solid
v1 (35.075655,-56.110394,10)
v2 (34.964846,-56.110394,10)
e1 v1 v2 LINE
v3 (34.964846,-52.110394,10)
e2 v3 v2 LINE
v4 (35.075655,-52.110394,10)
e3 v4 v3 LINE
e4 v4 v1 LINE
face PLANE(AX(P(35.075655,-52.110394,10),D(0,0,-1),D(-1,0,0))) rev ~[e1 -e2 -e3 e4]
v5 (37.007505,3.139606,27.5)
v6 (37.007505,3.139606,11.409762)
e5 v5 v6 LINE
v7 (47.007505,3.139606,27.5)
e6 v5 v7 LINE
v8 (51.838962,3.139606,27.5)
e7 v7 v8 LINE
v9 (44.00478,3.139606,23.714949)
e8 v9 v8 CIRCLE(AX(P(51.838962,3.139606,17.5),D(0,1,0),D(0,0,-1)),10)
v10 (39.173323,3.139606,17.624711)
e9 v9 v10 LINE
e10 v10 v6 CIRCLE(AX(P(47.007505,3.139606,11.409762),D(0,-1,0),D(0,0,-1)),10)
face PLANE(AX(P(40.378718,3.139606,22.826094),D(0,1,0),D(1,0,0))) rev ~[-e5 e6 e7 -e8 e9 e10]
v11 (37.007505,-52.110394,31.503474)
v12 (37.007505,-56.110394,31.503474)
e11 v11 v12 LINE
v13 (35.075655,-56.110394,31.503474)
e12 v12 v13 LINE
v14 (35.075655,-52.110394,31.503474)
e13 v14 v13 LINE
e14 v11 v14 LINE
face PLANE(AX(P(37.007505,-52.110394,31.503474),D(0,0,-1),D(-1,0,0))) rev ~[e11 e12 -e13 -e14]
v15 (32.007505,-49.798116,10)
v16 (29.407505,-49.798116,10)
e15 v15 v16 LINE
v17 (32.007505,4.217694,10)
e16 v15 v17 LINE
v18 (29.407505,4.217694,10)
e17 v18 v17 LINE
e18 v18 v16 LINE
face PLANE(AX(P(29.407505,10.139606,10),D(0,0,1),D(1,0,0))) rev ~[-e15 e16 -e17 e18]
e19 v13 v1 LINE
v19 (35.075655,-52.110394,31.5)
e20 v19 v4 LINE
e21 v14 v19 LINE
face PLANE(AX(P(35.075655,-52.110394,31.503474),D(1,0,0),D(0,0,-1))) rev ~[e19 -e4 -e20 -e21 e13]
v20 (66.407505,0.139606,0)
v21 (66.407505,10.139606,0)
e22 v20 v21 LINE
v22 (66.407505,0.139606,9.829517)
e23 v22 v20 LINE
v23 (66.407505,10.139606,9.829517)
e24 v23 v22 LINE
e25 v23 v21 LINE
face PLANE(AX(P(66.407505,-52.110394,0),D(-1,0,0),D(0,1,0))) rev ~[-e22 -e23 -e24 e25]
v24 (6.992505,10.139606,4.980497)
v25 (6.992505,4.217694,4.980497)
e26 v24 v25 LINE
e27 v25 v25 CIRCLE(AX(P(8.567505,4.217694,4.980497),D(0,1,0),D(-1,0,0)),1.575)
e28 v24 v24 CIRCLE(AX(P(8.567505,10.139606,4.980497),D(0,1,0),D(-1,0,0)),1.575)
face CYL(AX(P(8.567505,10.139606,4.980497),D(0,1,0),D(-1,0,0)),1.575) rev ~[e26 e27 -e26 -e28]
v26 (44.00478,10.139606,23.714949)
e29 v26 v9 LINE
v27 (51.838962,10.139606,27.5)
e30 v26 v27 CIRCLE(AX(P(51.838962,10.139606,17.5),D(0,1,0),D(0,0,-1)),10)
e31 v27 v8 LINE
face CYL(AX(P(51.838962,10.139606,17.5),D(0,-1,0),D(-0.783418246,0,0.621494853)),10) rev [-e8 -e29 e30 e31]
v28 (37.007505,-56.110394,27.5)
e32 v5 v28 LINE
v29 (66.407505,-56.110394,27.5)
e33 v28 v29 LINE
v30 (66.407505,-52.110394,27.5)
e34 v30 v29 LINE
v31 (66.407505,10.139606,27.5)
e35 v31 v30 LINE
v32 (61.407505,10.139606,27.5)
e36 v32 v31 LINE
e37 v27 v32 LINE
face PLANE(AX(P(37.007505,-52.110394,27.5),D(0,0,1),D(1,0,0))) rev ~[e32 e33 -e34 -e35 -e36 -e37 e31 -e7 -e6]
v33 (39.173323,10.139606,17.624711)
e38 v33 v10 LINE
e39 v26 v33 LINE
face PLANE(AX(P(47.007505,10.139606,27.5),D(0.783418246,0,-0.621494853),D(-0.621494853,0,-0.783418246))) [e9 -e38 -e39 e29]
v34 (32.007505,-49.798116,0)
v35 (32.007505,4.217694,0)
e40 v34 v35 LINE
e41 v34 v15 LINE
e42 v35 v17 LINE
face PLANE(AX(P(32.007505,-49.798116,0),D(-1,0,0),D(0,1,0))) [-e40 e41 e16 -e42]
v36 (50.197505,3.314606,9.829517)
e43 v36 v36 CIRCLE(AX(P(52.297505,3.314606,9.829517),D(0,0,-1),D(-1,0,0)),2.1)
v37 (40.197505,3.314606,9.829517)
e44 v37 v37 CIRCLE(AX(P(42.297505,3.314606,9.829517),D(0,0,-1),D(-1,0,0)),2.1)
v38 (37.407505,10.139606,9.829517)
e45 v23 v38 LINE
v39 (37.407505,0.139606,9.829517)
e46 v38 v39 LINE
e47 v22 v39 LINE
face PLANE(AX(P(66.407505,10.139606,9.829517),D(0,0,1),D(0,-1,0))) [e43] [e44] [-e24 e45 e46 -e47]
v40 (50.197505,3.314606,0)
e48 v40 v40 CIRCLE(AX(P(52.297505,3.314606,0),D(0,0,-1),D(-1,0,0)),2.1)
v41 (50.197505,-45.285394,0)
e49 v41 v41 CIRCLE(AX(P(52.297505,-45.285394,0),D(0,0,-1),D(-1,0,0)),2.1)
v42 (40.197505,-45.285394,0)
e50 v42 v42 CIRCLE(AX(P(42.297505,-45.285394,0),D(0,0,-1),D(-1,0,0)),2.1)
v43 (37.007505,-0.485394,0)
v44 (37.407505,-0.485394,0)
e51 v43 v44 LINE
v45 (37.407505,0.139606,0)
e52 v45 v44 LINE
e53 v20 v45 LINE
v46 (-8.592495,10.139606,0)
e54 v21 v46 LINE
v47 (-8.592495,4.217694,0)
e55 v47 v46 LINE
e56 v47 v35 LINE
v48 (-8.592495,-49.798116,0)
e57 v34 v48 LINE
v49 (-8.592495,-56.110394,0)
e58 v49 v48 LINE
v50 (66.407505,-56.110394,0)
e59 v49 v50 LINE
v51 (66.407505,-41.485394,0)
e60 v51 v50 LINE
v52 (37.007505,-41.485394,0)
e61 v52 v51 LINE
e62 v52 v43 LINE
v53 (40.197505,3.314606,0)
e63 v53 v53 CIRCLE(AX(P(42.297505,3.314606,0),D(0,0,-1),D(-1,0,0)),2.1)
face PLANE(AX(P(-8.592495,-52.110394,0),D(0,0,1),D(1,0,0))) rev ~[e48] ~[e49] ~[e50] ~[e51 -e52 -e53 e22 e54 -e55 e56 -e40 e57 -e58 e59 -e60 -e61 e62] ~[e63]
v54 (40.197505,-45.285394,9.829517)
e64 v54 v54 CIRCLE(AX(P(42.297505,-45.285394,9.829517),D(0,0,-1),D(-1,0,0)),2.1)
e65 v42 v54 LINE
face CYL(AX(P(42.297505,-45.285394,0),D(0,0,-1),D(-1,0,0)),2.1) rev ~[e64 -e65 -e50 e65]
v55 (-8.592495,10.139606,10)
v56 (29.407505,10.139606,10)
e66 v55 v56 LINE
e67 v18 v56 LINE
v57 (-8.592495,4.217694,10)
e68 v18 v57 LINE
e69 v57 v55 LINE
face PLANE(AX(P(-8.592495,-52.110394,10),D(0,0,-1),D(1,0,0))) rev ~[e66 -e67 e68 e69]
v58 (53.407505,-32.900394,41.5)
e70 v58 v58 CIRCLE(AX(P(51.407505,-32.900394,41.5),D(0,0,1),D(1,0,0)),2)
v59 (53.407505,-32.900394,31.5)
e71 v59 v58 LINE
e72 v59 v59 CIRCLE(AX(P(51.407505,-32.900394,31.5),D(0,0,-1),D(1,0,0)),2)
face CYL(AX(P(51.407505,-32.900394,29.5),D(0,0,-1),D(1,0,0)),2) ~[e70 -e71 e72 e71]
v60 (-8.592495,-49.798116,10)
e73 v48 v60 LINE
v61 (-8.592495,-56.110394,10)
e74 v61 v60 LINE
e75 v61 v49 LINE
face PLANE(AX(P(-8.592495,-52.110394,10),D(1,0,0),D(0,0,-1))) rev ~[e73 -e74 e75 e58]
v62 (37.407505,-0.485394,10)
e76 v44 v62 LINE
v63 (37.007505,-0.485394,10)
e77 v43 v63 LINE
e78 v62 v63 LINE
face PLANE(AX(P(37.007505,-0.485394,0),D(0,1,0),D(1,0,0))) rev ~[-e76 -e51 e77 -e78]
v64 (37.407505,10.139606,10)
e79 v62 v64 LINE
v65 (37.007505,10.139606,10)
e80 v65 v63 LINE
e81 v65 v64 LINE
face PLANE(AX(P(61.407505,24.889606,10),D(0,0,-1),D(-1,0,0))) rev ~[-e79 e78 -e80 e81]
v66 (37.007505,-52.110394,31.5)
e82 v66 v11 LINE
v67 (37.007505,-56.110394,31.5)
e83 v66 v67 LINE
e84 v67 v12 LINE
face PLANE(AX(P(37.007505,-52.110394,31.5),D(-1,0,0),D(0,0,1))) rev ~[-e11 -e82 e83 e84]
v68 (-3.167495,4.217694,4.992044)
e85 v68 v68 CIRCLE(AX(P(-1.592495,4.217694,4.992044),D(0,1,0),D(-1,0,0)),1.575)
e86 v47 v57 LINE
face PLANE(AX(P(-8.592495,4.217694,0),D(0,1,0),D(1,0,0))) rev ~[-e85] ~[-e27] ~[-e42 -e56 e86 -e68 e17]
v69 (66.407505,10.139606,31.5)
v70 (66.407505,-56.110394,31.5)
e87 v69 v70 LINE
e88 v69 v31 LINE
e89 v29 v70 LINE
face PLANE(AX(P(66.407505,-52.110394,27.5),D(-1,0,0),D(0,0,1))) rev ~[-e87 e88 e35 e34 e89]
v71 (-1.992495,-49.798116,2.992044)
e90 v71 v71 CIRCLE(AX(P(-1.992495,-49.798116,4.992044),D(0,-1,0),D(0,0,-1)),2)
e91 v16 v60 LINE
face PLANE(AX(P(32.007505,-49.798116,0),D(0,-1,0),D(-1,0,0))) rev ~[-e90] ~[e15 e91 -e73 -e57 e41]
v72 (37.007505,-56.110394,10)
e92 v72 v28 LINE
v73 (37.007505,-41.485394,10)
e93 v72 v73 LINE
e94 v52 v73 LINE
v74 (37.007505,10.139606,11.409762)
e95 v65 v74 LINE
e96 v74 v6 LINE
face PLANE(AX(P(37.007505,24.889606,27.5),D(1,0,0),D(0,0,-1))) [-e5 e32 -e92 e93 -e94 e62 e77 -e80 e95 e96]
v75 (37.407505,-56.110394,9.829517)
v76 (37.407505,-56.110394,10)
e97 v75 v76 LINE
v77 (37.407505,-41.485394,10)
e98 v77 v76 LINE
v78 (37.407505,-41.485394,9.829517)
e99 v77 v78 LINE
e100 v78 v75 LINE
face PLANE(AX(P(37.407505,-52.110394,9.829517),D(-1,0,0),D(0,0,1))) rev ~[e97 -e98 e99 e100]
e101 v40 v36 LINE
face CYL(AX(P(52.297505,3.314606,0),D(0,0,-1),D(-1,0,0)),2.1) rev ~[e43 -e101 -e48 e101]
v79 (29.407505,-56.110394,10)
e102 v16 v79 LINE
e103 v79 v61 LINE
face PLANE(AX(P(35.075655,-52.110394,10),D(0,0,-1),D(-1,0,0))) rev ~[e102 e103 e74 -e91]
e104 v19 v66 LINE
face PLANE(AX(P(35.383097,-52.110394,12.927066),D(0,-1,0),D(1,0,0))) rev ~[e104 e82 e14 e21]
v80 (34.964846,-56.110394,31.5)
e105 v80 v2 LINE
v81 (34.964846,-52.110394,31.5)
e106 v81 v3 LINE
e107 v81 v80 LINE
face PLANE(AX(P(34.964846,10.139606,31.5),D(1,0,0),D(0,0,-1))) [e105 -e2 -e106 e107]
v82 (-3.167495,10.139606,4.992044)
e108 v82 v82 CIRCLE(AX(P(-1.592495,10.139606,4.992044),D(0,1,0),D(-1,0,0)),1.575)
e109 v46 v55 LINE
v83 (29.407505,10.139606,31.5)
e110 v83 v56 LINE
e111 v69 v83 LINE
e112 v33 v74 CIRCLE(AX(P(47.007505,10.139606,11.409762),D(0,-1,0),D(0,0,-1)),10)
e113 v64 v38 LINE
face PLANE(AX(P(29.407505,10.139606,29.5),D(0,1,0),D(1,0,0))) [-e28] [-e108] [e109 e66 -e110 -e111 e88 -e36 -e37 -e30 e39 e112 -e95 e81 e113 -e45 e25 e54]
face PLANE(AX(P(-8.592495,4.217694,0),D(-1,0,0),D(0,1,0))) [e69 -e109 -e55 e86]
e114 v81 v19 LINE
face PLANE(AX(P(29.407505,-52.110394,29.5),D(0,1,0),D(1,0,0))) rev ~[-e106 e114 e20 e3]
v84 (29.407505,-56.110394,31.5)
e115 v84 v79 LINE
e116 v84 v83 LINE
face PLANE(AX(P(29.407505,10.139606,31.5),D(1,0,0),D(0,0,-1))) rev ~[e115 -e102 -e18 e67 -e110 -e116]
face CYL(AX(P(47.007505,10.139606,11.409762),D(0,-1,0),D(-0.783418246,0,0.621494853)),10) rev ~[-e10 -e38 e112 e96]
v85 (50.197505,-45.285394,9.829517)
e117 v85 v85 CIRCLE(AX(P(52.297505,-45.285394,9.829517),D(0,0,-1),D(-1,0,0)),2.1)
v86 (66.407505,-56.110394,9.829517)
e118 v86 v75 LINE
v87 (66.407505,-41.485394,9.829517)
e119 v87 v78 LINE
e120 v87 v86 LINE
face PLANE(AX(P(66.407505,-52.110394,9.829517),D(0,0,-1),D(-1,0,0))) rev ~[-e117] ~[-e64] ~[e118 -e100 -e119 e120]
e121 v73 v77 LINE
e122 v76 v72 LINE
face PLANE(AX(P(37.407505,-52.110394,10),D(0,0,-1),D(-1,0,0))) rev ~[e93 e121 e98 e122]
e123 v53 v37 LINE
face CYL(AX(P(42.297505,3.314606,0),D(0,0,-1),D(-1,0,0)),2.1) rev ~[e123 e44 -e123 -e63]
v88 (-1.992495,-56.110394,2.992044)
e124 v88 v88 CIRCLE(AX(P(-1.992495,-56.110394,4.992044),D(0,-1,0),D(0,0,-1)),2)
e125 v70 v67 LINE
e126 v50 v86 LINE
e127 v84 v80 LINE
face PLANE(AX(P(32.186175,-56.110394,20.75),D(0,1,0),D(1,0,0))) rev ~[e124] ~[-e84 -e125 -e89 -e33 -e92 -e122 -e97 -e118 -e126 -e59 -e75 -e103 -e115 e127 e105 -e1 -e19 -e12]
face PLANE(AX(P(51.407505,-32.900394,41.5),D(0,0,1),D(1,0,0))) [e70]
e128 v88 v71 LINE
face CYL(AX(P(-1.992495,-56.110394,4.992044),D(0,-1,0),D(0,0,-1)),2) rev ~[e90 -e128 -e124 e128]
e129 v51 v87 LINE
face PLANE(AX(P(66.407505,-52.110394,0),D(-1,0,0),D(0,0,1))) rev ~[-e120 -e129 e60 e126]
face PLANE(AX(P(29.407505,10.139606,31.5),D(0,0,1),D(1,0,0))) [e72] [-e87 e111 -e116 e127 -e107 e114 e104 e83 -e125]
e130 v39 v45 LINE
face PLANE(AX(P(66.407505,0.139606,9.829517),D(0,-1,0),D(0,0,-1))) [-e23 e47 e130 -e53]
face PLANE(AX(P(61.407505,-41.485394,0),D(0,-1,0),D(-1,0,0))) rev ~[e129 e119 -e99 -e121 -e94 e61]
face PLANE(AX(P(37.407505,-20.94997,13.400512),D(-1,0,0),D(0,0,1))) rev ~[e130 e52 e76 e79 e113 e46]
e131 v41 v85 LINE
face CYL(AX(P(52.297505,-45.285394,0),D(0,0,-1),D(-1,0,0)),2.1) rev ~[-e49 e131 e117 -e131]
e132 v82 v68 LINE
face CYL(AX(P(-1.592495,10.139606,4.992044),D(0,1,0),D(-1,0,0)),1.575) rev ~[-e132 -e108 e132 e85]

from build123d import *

# Parameters (mm, degrees)
SKETCH3_W               = 5
SKETCH3_H               = 41
SKETCH3_W_2             = 40.6
SKETCH3_H_2             = 5.921911982
SKETCH3_H_3             = 5.716066276
BOSS_EXTRUDE3_DEPTH     = 29.5
SKETCH4_W               = 38
SKETCH4_H               = 19.5
CUT_EXTRUDE1_DEPTH      = 83
SKETCH6_W               = 2
SKETCH6_H               = 62.25
BOSS_EXTRUDE4_DEPTH     = 30
CUT_EXTRUDE3_DEPTH      = 96.683171243
CUT_EXTRUDE3_DEPTH_BACK = 77
SKETCH9_W               = 24.4
SKETCH9_H               = 17.5
SKETCH10_R              = 2
BOSS_EXTRUDE5_DEPTH     = 12
CUT_EXTRUDE4_DEPTH      = 29
SKETCH12_W              = 5
SKETCH12_H              = 3.036960159
CUT_EXTRUDE5_DEPTH      = 66
SKETCH13_R              = 1.575
CUT_EXTRUDE6_DEPTH      = 20
BOSS_EXTRUDE6_DEPTH     = 7
FILLET1_R               = 10
SKETCH15_R              = 2.1
CUT_EXTRUDE7_DEPTH      = 13
SKETCH16_W              = 37
SKETCH16_H              = 62.25
BOSS_EXTRUDE7_DEPTH     = 2
BOSS_EXTRUDE8_DEPTH     = 4
SKETCH19_W              = 40.6
SKETCH19_H              = 3.403788035
CUT_EXTRUDE8_DEPTH      = 97.335783039
SKETCH20_W              = 5.557340338
SKETCH20_H              = 21.5
BOSS_EXTRUDE9_DEPTH     = 66.25
SKETCH22_R              = 2
CUT_EXTRUDE11_DEPTH     = 12


with BuildPart() as part:
    # Sketch3 → Boss-Extrude3 (new body)
    with BuildSketch(Plane.XY):
        Polygon((37.007505292, -41.485394176), (37.007505292, -0.485394176), (37.007505292, 10.139605824), (32.007505292, 10.139605824), (32.007505292, 4.217693842), (32.007505292, -46.3943279), (32.007505292, -52.110394176), (37.007505292, -52.110394176), align=None)
        with Locations((63.907505292, -20.985394176)):
            Rectangle(SKETCH3_W, SKETCH3_H)
        Polygon((61.407505292, -41.485394176), (37.007505292, -41.485394176), (37.007505292, -52.110394176), (66.407505292, -52.110394176), (66.407505292, -41.485394176), align=None)
        Polygon((37.007505292, 10.139605824), (37.007505292, -0.485394176), (61.407505292, -0.485394176), (66.407505292, -0.485394176), (66.407505292, 10.139605824), align=None)
        with Locations((11.707505292, 7.178649833)):
            Rectangle(SKETCH3_W_2, SKETCH3_H_2)
        with Locations((11.707505292, -49.252361038)):
            Rectangle(SKETCH3_W_2, SKETCH3_H_3)
    extrude(amount=BOSS_EXTRUDE3_DEPTH)

    # Sketch4 → Cut-Extrude1 (cut)
    with BuildSketch(Plane.XZ.offset(52.110394176)):
        with Locations((10.407505292, 19.75)):
            Rectangle(SKETCH4_W, SKETCH4_H)
    extrude(amount=-CUT_EXTRUDE1_DEPTH, mode=Mode.SUBTRACT)

    # Sketch6 → Boss-Extrude4 (add)
    with BuildSketch(Plane(origin=(66.407505292, 0, 0), x_dir=(0, 0, -1), z_dir=(1, 0, 0))):
        with Locations((-28.5, -20.985394176)):
            Rectangle(SKETCH6_W, SKETCH6_H)
    extrude(amount=-BOSS_EXTRUDE4_DEPTH)

    # Sketch9 → Cut-Extrude3 (cut, two sides: drawn at the far end of the back side and taken through both)
    with BuildSketch(Plane(origin=(0, -52.110394176, 0), x_dir=(-1, 0, 0), z_dir=(0, -1, 0)).offset(-CUT_EXTRUDE3_DEPTH_BACK)):
        with Locations((-49.207505292, -18.75)):
            Rectangle(SKETCH9_W, SKETCH9_H)
    extrude(amount=CUT_EXTRUDE3_DEPTH + CUT_EXTRUDE3_DEPTH_BACK, mode=Mode.SUBTRACT)

    # Sketch10 → Boss-Extrude5 (add)
    with BuildSketch(Plane.XY.offset(29.5)):
        with Locations((51.407505292, -32.900394176)):
            Circle(SKETCH10_R)
    extrude(amount=BOSS_EXTRUDE5_DEPTH)

    # Sketch11 → Cut-Extrude4 (cut)
    with BuildSketch(Plane(origin=(66.407505292, 0, 0), x_dir=(0, 0, -1), z_dir=(1, 0, 0))):
        Polygon((0, -41.485394176), (-9.829517325, -41.485394176), (-9.829517325, -52.110394176), (-24.463039841, -52.110394176), (-24.463039841, -42.110394176), (-24.463039841, 0), (-24.463039841, 10.139605824), (-9.829517325, 10.139605824), (-9.829517325, 0.139605824), (0, 0.139605824), align=None)
    extrude(amount=-CUT_EXTRUDE4_DEPTH, mode=Mode.SUBTRACT)

    # Sketch12 → Cut-Extrude5 (cut)
    with BuildSketch(Plane(origin=(0, 10.139605824, 0), x_dir=(1, 0, 0), z_dir=(0, 1, 0))):
        with Locations((63.907505292, -25.98151992)):
            Rectangle(SKETCH12_W, SKETCH12_H)
    extrude(amount=-CUT_EXTRUDE5_DEPTH, mode=Mode.SUBTRACT)

    # Sketch13 → Cut-Extrude6 (cut)
    with BuildSketch(Plane(origin=(0, 10.139605824, 0), x_dir=(1, 0, 0), z_dir=(0, 1, 0))):
        with Locations(Location((-1.592494708, -4.992044142, 0), (0, 0, 180))):
            Circle(SKETCH13_R)
        with Locations(Location((8.567505292, -4.980496782, 0), (0, 0, 180))):
            Circle(SKETCH13_R)
    extrude(amount=-CUT_EXTRUDE6_DEPTH, mode=Mode.SUBTRACT)

    # Sketch14 → Boss-Extrude6 (add)
    with BuildSketch(Plane(origin=(0, 10.139605824, 0), x_dir=(1, 0, 0), z_dir=(0, 1, 0))):
        Polygon((47.007505292, -27.5), (37.007505292, -14.894614106), (37.007505292, -27.5), align=None)
    extrude(amount=-BOSS_EXTRUDE6_DEPTH)

    # Fillet1
    fillet1_edges = [part.edges().sort_by_distance(p)[0] for p in [
        (47.007505292, 6.639605824, 27.5),
        (37.007505292, 6.639605824, 14.894614106),
    ]]
    fillet(fillet1_edges, radius=FILLET1_R)

    # Sketch15 → Cut-Extrude7 (cut)
    with BuildSketch(Plane(origin=(0, 0, 0), x_dir=(-1, 0, 0), z_dir=(0, 0, -1))):
        with Locations((-42.297505292, -45.285394176)):
            Circle(SKETCH15_R)
        with Locations((-52.297505292, -45.285394176)):
            Circle(SKETCH15_R)
        with Locations((-42.297505292, 3.314605824)):
            Circle(SKETCH15_R)
        with Locations((-52.297505292, 3.314605824)):
            Circle(SKETCH15_R)
    extrude(amount=-CUT_EXTRUDE7_DEPTH, mode=Mode.SUBTRACT)

    # Sketch16 → Boss-Extrude7 (add)
    with BuildSketch(Plane.XY.offset(29.5)):
        with Locations((47.907505292, -20.985394176)):
            Rectangle(SKETCH16_W, SKETCH16_H)
    extrude(amount=BOSS_EXTRUDE7_DEPTH)

    # Sketch17 → Boss-Extrude8 (add)
    with BuildSketch(Plane.XZ.offset(52.110394176)):
        Polygon((-8.592494708, 0), (66.407505292, 0), (66.407505292, 9.829517325), (37.407505292, 9.829517325), (37.407505292, 10), (37.007505292, 10), (37.007505292, 27.5), (66.407505292, 27.5), (66.407505292, 31.5), (37.007505292, 31.5), (37.007505292, 31.503473539), (35.075655428, 31.503473539), (35.075655428, 10), (-8.592494708, 10), align=None)
    extrude(amount=BOSS_EXTRUDE8_DEPTH)

    # Sketch19 → Cut-Extrude8 (cut, through all)
    with BuildSketch(Plane(origin=(0, 0, 0), x_dir=(-1, 0, 0), z_dir=(0, 0, -1))):
        with Locations((-11.707505292, -48.096221918)):
            Rectangle(SKETCH19_W, SKETCH19_H)
    extrude(amount=-CUT_EXTRUDE8_DEPTH, mode=Mode.SUBTRACT)

    # Sketch20 → Boss-Extrude9 (add)
    with BuildSketch(Plane(origin=(0, 10.139605824, 0), x_dir=(1, 0, 0), z_dir=(0, 1, 0))):
        with Locations((32.186175461, -20.75)):
            Rectangle(SKETCH20_W, SKETCH20_H)
    extrude(amount=-BOSS_EXTRUDE9_DEPTH)

    # Sketch22 → Cut-Extrude11 (cut)
    with BuildSketch(Plane.XZ.offset(56.110394176)):
        with Locations(Location((-1.992494708, 4.992044142, 0), (0, 0, 270))):
            Circle(SKETCH22_R)
    extrude(amount=-CUT_EXTRUDE11_DEPTH, mode=Mode.SUBTRACT)


solid = part.part
